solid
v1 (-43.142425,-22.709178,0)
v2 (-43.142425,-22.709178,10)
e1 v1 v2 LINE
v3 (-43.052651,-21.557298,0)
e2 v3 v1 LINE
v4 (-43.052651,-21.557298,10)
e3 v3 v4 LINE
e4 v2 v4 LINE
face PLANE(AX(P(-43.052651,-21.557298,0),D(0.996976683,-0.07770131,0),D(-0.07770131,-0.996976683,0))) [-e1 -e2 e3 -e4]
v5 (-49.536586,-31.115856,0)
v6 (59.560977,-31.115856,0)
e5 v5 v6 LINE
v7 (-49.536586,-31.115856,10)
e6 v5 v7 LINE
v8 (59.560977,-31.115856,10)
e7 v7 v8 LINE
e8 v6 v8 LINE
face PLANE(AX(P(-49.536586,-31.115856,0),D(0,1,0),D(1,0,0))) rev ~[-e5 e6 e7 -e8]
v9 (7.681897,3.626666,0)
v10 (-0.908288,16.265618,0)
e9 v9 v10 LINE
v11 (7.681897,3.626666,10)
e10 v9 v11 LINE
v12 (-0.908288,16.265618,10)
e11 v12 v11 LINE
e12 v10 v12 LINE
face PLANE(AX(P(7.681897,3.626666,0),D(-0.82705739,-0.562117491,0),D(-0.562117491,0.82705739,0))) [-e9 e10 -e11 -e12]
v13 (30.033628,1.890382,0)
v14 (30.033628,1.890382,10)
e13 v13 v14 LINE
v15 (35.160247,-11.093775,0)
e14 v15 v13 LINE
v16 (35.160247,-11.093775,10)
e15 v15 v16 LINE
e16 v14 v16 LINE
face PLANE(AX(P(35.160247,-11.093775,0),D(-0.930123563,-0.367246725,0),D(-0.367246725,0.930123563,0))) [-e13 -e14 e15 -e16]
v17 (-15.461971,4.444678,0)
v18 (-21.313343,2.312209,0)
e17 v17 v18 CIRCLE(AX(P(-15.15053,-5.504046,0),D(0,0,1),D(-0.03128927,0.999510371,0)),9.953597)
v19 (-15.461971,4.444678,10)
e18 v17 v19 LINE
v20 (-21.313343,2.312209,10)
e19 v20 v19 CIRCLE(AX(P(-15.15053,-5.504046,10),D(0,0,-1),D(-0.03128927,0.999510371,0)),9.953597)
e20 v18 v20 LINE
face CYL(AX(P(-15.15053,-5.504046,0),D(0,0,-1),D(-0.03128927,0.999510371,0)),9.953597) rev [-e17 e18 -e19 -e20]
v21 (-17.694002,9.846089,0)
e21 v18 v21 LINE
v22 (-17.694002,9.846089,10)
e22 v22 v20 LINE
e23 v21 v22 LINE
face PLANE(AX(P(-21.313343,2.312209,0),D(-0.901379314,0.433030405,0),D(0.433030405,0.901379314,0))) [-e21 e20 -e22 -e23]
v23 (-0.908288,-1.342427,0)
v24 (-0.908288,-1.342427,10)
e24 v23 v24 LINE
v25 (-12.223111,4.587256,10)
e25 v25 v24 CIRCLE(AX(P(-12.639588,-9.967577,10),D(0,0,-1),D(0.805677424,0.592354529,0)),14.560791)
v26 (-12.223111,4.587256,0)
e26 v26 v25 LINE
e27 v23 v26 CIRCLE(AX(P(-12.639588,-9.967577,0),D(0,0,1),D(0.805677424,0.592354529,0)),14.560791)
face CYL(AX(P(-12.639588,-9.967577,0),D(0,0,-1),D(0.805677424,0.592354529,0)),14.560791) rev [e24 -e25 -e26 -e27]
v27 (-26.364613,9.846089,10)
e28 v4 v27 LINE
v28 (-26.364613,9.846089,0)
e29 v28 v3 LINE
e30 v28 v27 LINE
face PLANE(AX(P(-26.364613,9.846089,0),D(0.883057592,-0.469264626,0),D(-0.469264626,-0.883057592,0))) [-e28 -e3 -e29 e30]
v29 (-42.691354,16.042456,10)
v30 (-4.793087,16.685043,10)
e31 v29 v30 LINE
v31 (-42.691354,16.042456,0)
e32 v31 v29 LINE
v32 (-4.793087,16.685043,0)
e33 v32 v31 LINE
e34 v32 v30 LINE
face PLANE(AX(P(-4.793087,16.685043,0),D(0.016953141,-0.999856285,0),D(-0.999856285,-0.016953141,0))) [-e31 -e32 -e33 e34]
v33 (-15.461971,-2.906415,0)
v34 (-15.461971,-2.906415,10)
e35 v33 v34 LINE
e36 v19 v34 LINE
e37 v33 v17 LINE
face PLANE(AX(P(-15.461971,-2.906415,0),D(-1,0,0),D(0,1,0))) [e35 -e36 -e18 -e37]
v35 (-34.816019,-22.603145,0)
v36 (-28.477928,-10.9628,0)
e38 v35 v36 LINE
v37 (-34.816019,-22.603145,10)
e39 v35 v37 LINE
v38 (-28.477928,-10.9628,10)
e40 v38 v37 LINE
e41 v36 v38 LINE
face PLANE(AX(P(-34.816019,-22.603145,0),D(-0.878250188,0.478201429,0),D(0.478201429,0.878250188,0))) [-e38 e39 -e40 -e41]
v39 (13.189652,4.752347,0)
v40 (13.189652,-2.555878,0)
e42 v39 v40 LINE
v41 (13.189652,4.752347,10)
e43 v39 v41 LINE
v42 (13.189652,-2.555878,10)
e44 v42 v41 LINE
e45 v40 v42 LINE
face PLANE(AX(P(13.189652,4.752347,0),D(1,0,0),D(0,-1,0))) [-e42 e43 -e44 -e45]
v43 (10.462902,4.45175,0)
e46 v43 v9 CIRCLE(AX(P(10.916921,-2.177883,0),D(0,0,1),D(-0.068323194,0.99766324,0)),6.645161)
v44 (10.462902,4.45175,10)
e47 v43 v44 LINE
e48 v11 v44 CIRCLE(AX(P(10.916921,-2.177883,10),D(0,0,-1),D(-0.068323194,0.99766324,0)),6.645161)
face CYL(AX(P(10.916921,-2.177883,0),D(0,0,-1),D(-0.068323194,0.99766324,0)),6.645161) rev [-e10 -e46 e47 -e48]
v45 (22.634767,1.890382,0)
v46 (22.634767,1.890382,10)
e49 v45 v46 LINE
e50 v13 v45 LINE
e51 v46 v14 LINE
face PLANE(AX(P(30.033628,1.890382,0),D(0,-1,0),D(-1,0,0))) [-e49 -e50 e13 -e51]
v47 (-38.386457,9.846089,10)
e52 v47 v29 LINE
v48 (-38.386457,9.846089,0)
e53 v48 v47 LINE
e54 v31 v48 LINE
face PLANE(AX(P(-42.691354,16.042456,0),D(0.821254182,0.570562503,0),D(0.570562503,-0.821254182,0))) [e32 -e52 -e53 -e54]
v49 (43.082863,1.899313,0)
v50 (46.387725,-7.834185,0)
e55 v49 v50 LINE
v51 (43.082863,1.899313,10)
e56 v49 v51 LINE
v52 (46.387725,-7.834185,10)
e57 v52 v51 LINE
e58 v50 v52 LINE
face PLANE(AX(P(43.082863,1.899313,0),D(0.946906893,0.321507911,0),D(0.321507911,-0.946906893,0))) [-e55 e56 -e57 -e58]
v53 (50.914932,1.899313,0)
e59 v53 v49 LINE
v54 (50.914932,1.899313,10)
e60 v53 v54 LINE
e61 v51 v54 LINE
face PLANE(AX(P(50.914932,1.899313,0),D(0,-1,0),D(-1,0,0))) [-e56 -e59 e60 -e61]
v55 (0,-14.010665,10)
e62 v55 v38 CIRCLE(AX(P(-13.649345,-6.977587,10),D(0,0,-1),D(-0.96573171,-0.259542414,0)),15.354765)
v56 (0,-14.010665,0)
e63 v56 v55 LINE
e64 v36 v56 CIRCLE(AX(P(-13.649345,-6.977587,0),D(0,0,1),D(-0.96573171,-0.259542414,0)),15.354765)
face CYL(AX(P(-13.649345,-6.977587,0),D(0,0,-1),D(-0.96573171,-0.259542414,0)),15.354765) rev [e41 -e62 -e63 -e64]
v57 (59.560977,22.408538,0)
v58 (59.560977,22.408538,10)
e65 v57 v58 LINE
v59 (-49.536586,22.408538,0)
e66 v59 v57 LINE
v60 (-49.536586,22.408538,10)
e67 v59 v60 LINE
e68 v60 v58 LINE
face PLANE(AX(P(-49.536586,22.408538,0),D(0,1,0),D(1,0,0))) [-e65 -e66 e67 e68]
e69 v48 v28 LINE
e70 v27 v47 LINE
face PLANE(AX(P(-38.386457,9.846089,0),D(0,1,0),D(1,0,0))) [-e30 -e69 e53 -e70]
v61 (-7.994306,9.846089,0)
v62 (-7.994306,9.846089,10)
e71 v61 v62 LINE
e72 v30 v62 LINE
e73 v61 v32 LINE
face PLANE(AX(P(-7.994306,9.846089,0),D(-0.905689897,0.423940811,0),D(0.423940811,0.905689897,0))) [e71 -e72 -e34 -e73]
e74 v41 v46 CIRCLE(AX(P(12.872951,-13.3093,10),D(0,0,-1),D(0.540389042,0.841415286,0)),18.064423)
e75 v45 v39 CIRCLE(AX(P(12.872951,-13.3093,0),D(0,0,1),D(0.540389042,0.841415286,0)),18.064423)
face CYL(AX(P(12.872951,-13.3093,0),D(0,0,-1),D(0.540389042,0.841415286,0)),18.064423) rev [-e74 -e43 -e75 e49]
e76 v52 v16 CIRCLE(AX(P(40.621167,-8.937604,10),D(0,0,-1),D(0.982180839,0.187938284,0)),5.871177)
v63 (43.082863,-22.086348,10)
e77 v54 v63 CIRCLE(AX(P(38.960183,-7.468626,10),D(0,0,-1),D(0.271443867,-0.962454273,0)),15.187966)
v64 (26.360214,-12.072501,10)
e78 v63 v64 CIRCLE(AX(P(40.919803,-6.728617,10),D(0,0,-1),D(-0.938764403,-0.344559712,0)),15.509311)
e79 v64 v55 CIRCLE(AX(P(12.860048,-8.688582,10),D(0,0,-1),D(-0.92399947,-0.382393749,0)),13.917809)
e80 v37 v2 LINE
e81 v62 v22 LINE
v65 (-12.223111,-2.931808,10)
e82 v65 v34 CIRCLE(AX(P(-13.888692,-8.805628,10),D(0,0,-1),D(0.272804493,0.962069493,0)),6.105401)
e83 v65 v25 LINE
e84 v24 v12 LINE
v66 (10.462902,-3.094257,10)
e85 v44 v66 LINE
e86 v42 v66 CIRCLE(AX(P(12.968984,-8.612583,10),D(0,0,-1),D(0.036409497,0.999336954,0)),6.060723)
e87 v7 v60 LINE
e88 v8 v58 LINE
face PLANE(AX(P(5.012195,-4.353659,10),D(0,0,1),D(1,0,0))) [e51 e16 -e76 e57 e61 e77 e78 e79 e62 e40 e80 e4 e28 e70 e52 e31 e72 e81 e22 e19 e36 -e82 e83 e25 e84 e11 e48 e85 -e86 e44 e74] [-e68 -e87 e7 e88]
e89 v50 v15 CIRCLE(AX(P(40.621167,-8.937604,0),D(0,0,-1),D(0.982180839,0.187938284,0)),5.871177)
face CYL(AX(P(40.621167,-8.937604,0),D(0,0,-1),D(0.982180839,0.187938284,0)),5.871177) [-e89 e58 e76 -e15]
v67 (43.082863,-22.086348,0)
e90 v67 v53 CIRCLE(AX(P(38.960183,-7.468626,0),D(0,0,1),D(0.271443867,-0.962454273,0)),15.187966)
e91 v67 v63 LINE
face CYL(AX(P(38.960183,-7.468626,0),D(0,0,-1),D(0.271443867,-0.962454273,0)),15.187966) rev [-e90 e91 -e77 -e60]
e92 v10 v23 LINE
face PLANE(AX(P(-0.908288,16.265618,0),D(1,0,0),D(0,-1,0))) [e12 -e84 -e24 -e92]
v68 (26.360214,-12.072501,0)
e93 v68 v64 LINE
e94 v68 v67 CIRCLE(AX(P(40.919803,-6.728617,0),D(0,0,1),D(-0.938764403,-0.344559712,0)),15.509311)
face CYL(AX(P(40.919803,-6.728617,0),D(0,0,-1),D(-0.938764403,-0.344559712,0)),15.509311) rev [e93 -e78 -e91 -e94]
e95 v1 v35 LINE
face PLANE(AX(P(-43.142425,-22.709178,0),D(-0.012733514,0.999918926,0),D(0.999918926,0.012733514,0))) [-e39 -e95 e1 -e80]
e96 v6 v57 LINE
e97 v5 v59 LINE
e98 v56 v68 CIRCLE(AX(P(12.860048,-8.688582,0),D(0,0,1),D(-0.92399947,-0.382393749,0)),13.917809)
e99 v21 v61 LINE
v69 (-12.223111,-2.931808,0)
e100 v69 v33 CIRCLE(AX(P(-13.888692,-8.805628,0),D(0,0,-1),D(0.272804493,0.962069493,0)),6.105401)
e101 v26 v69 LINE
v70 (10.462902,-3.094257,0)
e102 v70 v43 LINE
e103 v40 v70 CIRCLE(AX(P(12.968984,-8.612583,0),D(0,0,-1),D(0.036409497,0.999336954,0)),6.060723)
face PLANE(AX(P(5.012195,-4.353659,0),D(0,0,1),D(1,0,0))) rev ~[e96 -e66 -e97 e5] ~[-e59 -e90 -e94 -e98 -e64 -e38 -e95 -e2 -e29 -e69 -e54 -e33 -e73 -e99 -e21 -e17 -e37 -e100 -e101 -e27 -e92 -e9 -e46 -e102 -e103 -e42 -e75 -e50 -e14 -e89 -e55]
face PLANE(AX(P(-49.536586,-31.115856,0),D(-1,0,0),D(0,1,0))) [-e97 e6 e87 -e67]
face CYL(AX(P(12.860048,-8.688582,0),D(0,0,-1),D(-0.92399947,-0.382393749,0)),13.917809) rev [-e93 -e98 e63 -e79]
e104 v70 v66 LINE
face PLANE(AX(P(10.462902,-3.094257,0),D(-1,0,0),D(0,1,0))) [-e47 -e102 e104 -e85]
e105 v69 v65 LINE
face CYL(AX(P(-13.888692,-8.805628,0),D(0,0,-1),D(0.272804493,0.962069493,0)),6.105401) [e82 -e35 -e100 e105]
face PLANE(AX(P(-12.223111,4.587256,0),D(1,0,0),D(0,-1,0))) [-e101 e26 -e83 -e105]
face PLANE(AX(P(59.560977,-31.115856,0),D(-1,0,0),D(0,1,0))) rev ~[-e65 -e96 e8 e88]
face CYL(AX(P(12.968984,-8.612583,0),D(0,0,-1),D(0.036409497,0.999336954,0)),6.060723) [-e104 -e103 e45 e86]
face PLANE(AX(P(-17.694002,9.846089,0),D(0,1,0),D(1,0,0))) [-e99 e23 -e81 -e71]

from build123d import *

# Parameters (mm, degrees)
F1_W     = 109.097563
F1_H     = 53.524394
F2_DEPTH = 10
F3_DEPTH = 20


with BuildPart() as f2:
    # F1 (on Top) → F2 (new body)
    with BuildSketch(Plane.XY):
        with Locations((5.012195, -4.353659)):
            Rectangle(F1_W, F1_H)
    extrude(amount=F2_DEPTH)

    # F0 (on Top) → F3 (cut)
    with BuildSketch(Plane.XY):
        with BuildLine():
            Line((-26.364613, 9.846089), (-43.052651, -21.557298))
            Line((-43.052651, -21.557298), (-43.142425, -22.709178))
            Line((-43.142425, -22.709178), (-34.816019, -22.603145))
            Line((-34.816019, -22.603145), (-28.477928, -10.9628))
            ThreePointArc((-28.477928, -10.9628), (-15.283365, -22.24516), (0, -14.010665))
            ThreePointArc((0, -14.010665), (13.880615, -22.568922), (26.360214, -12.072501))
            ThreePointArc((26.360214, -12.072501), (32.951882, -20.034667), (43.082863, -22.086348))
            ThreePointArc((43.082863, -22.086348), (53.397943, -12.183006), (50.914932, 1.899313))
            Line((50.914932, 1.899313), (43.082863, 1.899313))
            Line((43.082863, 1.899313), (46.387725, -7.834185))
            ThreePointArc((46.387725, -7.834185), (42.258111, -14.575967), (35.160247, -11.093775))
            Line((35.160247, -11.093775), (30.033628, 1.890382))
            Line((30.033628, 1.890382), (22.634767, 1.890382))
            ThreePointArc((22.634767, 1.890382), (18.111447, 3.978891), (13.189652, 4.752347))
            Line((13.189652, 4.752347), (13.189652, -2.555878))
            ThreePointArc((13.189652, -2.555878), (14.14297, -14.558516), (10.462902, -3.094257))
            Line((10.462902, -3.094257), (10.462902, 4.45175))
            ThreePointArc((10.462902, 4.45175), (9.026828, 4.192809), (7.681897, 3.626666))
            Line((7.681897, 3.626666), (-0.908288, 16.265618))
            Line((-0.908288, 16.265618), (-0.908288, -1.342427))
            ThreePointArc((-0.908288, -1.342427), (-5.880712, 2.929485), (-12.223111, 4.587256))
            Line((-12.223111, 4.587256), (-12.223111, -2.931808))
            ThreePointArc((-12.223111, -2.931808), (-13.936555, -14.910842), (-15.461971, -2.906415))
            Line((-15.461971, -2.906415), (-15.461971, 4.444678))
            ThreePointArc((-15.461971, 4.444678), (-18.558733, 3.847866), (-21.313343, 2.312209))
            Line((-21.313343, 2.312209), (-17.694002, 9.846089))
            Line((-17.694002, 9.846089), (-7.994306, 9.846089))
            Line((-7.994306, 9.846089), (-4.793087, 16.685043))
            Line((-4.793087, 16.685043), (-42.691354, 16.042456))
            Line((-42.691354, 16.042456), (-38.386457, 9.846089))
            Line((-38.386457, 9.846089), (-26.364613, 9.846089))
        make_face()
    extrude(amount=F3_DEPTH, mode=Mode.SUBTRACT)


solid = f2.part
